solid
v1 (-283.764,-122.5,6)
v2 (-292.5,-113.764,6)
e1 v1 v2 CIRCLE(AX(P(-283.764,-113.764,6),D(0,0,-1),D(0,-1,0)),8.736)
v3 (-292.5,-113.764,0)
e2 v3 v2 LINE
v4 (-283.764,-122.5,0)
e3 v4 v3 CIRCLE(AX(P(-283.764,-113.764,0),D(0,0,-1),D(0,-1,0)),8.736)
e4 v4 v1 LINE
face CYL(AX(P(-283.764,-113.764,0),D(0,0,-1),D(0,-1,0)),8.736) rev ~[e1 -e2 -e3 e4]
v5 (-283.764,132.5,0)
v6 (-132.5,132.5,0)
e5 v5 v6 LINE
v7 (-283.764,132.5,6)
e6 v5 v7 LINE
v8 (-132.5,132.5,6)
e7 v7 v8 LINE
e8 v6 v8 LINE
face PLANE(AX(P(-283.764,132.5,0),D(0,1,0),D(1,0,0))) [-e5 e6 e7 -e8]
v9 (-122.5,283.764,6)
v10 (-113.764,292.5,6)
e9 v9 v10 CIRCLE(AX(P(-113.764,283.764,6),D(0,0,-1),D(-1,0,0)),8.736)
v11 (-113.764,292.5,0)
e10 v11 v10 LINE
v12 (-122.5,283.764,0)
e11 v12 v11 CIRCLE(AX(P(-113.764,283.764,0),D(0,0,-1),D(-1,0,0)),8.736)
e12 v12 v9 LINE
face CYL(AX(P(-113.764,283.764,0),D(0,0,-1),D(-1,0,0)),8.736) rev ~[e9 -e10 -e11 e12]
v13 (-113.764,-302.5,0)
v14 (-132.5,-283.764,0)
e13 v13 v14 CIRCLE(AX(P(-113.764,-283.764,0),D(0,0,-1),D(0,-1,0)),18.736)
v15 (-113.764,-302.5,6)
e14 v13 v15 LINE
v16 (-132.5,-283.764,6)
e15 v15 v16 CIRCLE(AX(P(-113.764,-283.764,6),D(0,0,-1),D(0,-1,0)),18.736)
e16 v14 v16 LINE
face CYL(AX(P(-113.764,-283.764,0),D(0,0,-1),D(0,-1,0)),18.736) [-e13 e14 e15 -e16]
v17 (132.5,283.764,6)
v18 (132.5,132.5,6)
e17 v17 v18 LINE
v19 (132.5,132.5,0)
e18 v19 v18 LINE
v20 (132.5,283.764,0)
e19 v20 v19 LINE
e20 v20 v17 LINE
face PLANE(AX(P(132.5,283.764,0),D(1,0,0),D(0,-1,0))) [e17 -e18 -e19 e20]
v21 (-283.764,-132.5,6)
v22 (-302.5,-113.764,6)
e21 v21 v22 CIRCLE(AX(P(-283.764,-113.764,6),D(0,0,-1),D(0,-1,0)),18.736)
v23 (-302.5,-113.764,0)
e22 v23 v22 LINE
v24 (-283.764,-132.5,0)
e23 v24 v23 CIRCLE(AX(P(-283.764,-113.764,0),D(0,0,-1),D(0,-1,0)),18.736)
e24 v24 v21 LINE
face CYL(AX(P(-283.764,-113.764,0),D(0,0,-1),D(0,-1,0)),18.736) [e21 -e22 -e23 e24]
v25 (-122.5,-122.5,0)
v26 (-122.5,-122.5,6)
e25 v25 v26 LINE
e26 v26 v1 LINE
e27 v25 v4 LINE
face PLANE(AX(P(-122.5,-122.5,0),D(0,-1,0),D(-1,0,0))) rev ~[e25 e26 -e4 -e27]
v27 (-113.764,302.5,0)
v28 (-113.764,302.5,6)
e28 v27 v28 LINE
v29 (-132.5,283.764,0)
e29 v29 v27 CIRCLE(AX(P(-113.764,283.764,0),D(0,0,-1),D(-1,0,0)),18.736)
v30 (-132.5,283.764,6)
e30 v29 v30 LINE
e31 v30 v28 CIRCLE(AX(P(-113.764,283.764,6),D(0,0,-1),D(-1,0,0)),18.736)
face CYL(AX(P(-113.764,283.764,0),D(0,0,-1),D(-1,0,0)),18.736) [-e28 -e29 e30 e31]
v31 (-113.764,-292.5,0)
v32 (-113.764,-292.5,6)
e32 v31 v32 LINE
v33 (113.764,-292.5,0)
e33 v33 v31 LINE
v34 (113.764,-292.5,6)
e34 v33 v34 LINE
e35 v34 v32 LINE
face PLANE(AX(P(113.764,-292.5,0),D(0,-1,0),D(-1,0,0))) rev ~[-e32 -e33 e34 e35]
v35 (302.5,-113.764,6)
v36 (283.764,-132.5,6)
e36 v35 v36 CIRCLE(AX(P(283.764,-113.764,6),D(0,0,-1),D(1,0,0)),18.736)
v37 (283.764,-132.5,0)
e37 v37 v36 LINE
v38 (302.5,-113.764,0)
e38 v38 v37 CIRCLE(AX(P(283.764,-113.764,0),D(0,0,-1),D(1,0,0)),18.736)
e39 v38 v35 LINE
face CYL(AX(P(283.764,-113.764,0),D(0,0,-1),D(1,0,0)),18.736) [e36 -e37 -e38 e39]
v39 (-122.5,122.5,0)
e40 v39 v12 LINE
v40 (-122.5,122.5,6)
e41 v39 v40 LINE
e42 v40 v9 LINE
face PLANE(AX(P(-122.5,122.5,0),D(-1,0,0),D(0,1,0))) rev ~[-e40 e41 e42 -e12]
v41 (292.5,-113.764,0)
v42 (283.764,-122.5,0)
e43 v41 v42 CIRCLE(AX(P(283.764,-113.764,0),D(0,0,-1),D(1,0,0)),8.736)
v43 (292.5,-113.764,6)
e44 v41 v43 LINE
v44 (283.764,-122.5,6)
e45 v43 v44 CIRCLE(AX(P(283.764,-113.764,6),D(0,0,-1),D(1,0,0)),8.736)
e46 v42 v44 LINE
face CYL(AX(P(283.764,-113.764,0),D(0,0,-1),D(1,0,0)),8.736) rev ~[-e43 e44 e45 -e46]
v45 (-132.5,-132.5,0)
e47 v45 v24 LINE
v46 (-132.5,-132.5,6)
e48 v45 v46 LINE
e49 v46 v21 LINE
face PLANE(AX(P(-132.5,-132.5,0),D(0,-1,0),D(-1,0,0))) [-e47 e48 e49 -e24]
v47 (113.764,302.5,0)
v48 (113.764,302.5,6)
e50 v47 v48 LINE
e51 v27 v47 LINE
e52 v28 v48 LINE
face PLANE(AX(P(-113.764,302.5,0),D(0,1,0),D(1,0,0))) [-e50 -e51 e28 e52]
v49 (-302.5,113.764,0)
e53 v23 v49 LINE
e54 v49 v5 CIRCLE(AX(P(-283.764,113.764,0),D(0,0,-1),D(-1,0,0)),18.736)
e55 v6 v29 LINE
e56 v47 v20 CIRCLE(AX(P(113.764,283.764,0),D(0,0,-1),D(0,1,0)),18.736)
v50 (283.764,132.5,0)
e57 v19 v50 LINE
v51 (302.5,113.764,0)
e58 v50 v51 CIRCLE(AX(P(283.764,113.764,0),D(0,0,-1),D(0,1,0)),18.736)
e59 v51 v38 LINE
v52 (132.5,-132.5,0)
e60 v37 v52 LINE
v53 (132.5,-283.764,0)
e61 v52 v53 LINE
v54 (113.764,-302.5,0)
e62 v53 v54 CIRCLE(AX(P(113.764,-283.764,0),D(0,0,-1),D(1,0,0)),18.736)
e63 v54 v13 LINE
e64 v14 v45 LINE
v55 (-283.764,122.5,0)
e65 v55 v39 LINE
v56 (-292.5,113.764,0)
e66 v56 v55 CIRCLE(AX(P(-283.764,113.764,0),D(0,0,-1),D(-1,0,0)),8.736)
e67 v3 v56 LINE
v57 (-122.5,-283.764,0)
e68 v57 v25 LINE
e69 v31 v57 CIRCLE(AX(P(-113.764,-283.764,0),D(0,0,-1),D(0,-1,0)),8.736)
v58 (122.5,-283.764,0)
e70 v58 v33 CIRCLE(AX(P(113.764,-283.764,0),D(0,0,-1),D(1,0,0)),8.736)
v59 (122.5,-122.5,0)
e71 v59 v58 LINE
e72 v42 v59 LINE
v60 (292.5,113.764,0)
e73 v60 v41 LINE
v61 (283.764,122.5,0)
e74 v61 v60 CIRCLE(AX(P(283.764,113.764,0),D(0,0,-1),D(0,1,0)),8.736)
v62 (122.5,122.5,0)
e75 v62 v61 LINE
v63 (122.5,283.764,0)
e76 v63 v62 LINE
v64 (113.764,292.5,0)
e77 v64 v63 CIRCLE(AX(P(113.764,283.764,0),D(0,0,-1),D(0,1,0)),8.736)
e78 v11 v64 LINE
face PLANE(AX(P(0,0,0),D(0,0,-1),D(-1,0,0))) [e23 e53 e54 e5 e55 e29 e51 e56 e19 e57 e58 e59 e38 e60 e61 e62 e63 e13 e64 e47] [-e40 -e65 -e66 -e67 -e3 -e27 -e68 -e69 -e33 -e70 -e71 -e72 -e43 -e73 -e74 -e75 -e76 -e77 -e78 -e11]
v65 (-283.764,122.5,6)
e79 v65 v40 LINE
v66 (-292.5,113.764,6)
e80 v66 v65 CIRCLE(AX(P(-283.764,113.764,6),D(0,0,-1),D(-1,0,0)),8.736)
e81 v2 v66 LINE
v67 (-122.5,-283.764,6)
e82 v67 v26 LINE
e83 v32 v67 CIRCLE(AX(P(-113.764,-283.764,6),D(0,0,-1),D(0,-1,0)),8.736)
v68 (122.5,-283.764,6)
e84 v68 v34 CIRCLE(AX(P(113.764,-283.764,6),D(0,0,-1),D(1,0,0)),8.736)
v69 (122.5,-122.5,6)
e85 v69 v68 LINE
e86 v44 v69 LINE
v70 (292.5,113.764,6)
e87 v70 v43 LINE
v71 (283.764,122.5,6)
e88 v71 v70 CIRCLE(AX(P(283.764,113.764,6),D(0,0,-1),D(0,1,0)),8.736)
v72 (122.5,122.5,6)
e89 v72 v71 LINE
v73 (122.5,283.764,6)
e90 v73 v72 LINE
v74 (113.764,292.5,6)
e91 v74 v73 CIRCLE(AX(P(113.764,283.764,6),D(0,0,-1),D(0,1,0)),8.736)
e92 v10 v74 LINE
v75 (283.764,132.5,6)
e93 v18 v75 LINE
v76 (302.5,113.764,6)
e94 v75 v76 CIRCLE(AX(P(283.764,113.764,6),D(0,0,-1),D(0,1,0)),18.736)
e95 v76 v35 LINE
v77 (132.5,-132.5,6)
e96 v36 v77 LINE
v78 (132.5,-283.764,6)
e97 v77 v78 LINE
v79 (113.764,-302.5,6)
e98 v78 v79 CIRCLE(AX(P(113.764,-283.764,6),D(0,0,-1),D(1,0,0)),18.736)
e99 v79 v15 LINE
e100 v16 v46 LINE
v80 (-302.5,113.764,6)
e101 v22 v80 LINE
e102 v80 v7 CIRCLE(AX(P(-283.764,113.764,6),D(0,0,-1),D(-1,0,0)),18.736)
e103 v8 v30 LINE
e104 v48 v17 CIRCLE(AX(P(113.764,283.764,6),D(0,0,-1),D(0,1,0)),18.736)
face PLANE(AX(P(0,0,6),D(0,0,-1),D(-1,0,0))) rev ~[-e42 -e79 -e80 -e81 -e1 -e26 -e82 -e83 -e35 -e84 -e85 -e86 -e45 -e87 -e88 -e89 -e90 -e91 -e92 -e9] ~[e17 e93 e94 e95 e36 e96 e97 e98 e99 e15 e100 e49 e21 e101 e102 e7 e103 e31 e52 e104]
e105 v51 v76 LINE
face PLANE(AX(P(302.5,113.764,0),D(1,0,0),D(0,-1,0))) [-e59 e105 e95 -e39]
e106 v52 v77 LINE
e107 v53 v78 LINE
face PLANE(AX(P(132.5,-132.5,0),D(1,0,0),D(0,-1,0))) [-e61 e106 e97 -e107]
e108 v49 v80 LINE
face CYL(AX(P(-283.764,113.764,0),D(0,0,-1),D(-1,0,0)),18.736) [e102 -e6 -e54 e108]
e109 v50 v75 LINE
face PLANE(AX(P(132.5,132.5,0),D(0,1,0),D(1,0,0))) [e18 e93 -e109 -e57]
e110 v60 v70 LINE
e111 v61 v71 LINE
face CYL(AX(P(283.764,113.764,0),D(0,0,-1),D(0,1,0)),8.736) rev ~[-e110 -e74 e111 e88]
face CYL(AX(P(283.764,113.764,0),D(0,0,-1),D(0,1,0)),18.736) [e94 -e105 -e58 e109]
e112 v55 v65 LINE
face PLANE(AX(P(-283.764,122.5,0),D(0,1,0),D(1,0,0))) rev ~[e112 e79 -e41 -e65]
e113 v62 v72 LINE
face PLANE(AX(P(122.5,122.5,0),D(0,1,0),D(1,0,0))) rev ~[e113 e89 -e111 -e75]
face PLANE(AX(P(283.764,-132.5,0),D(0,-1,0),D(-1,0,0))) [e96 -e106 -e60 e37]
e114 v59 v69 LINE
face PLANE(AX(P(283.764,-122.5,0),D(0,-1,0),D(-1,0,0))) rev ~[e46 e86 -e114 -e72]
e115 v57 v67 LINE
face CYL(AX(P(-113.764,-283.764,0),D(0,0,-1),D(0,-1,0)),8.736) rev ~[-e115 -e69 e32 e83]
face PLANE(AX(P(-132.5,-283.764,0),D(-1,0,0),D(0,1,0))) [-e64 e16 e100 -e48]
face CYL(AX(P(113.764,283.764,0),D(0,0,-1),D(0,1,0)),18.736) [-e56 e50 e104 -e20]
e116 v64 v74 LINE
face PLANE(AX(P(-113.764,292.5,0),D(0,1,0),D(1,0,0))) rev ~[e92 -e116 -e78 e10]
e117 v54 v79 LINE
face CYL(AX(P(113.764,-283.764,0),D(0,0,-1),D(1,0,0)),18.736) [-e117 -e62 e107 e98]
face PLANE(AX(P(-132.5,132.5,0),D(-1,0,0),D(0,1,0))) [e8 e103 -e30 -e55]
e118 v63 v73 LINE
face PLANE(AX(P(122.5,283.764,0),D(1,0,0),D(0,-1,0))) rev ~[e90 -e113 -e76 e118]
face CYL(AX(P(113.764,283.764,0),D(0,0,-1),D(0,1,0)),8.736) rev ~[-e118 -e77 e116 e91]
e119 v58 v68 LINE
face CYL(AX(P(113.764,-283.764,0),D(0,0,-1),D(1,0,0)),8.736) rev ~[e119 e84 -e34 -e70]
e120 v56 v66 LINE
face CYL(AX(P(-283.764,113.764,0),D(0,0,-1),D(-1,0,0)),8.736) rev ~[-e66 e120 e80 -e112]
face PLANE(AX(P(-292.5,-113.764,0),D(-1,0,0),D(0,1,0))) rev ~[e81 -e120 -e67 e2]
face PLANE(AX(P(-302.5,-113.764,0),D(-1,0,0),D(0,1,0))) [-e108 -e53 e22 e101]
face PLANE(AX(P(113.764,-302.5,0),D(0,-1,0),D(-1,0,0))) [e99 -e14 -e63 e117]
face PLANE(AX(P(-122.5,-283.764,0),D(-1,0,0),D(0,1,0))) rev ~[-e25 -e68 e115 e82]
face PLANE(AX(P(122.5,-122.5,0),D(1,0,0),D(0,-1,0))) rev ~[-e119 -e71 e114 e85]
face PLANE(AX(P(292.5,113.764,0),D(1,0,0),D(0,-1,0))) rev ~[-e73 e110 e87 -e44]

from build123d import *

# Parameters (mm, degrees)
SALIENTE_EXTRUIR1_DEPTH = 6


with BuildPart() as part:
    # Croquis1 → Saliente-Extruir1 (new body)
    with BuildSketch(Plane.XY):
        with BuildLine():
            Line((-283.764, 132.5), (-132.5, 132.5))
            Line((-132.5, 132.5), (-132.5, 283.764))
            ThreePointArc((-132.5, 283.764), (-127.012352652, 297.012352652), (-113.764, 302.5))
            Line((-113.764, 302.5), (113.764, 302.5))
            ThreePointArc((113.764, 302.5), (127.012352652, 297.012352652), (132.5, 283.764))
            Line((132.5, 283.764), (132.5, 132.5))
            Line((132.5, 132.5), (283.764, 132.5))
            ThreePointArc((283.764, 132.5), (297.012352652, 127.012352652), (302.5, 113.764))
            Line((302.5, 113.764), (302.5, -113.764))
            ThreePointArc((302.5, -113.764), (297.012352652, -127.012352652), (283.764, -132.5))
            Line((283.764, -132.5), (132.5, -132.5))
            Line((132.5, -132.5), (132.5, -283.764))
            ThreePointArc((132.5, -283.764), (127.012352652, -297.012352652), (113.764, -302.5))
            Line((113.764, -302.5), (-113.764, -302.5))
            ThreePointArc((-113.764, -302.5), (-127.012352652, -297.012352652), (-132.5, -283.764))
            Line((-132.5, -283.764), (-132.5, -132.5))
            Line((-132.5, -132.5), (-283.764, -132.5))
            ThreePointArc((-283.764, -132.5), (-297.012352652, -127.012352652), (-302.5, -113.764))
            Line((-302.5, -113.764), (-302.5, 113.764))
            ThreePointArc((-302.5, 113.764), (-297.012352652, 127.012352652), (-283.764, 132.5))
        make_face()
        with BuildLine():
            Line((-283.764, 122.5), (-122.5, 122.5))
            Line((-122.5, 122.5), (-122.5, 283.764))
            ThreePointArc((-122.5, 283.764), (-119.94128484, 289.94128484), (-113.764, 292.5))
            Line((-113.764, 292.5), (113.764, 292.5))
            ThreePointArc((113.764, 292.5), (119.94128484, 289.94128484), (122.5, 283.764))
            Line((122.5, 283.764), (122.5, 122.5))
            Line((122.5, 122.5), (283.764, 122.5))
            ThreePointArc((283.764, 122.5), (289.94128484, 119.94128484), (292.5, 113.764))
            Line((292.5, 113.764), (292.5, -113.764))
            ThreePointArc((292.5, -113.764), (289.94128484, -119.94128484), (283.764, -122.5))
            Line((283.764, -122.5), (122.5, -122.5))
            Line((122.5, -122.5), (122.5, -283.764))
            ThreePointArc((122.5, -283.764), (119.94128484, -289.94128484), (113.764, -292.5))
            Line((113.764, -292.5), (-113.764, -292.5))
            ThreePointArc((-113.764, -292.5), (-119.94128484, -289.94128484), (-122.5, -283.764))
            Line((-122.5, -283.764), (-122.5, -122.5))
            Line((-122.5, -122.5), (-283.764, -122.5))
            ThreePointArc((-283.764, -122.5), (-289.94128484, -119.94128484), (-292.5, -113.764))
            Line((-292.5, -113.764), (-292.5, 113.764))
            ThreePointArc((-292.5, 113.764), (-289.94128484, 119.94128484), (-283.764, 122.5))
        make_face(mode=Mode.SUBTRACT)
    extrude(amount=SALIENTE_EXTRUIR1_DEPTH)


solid = part.part
